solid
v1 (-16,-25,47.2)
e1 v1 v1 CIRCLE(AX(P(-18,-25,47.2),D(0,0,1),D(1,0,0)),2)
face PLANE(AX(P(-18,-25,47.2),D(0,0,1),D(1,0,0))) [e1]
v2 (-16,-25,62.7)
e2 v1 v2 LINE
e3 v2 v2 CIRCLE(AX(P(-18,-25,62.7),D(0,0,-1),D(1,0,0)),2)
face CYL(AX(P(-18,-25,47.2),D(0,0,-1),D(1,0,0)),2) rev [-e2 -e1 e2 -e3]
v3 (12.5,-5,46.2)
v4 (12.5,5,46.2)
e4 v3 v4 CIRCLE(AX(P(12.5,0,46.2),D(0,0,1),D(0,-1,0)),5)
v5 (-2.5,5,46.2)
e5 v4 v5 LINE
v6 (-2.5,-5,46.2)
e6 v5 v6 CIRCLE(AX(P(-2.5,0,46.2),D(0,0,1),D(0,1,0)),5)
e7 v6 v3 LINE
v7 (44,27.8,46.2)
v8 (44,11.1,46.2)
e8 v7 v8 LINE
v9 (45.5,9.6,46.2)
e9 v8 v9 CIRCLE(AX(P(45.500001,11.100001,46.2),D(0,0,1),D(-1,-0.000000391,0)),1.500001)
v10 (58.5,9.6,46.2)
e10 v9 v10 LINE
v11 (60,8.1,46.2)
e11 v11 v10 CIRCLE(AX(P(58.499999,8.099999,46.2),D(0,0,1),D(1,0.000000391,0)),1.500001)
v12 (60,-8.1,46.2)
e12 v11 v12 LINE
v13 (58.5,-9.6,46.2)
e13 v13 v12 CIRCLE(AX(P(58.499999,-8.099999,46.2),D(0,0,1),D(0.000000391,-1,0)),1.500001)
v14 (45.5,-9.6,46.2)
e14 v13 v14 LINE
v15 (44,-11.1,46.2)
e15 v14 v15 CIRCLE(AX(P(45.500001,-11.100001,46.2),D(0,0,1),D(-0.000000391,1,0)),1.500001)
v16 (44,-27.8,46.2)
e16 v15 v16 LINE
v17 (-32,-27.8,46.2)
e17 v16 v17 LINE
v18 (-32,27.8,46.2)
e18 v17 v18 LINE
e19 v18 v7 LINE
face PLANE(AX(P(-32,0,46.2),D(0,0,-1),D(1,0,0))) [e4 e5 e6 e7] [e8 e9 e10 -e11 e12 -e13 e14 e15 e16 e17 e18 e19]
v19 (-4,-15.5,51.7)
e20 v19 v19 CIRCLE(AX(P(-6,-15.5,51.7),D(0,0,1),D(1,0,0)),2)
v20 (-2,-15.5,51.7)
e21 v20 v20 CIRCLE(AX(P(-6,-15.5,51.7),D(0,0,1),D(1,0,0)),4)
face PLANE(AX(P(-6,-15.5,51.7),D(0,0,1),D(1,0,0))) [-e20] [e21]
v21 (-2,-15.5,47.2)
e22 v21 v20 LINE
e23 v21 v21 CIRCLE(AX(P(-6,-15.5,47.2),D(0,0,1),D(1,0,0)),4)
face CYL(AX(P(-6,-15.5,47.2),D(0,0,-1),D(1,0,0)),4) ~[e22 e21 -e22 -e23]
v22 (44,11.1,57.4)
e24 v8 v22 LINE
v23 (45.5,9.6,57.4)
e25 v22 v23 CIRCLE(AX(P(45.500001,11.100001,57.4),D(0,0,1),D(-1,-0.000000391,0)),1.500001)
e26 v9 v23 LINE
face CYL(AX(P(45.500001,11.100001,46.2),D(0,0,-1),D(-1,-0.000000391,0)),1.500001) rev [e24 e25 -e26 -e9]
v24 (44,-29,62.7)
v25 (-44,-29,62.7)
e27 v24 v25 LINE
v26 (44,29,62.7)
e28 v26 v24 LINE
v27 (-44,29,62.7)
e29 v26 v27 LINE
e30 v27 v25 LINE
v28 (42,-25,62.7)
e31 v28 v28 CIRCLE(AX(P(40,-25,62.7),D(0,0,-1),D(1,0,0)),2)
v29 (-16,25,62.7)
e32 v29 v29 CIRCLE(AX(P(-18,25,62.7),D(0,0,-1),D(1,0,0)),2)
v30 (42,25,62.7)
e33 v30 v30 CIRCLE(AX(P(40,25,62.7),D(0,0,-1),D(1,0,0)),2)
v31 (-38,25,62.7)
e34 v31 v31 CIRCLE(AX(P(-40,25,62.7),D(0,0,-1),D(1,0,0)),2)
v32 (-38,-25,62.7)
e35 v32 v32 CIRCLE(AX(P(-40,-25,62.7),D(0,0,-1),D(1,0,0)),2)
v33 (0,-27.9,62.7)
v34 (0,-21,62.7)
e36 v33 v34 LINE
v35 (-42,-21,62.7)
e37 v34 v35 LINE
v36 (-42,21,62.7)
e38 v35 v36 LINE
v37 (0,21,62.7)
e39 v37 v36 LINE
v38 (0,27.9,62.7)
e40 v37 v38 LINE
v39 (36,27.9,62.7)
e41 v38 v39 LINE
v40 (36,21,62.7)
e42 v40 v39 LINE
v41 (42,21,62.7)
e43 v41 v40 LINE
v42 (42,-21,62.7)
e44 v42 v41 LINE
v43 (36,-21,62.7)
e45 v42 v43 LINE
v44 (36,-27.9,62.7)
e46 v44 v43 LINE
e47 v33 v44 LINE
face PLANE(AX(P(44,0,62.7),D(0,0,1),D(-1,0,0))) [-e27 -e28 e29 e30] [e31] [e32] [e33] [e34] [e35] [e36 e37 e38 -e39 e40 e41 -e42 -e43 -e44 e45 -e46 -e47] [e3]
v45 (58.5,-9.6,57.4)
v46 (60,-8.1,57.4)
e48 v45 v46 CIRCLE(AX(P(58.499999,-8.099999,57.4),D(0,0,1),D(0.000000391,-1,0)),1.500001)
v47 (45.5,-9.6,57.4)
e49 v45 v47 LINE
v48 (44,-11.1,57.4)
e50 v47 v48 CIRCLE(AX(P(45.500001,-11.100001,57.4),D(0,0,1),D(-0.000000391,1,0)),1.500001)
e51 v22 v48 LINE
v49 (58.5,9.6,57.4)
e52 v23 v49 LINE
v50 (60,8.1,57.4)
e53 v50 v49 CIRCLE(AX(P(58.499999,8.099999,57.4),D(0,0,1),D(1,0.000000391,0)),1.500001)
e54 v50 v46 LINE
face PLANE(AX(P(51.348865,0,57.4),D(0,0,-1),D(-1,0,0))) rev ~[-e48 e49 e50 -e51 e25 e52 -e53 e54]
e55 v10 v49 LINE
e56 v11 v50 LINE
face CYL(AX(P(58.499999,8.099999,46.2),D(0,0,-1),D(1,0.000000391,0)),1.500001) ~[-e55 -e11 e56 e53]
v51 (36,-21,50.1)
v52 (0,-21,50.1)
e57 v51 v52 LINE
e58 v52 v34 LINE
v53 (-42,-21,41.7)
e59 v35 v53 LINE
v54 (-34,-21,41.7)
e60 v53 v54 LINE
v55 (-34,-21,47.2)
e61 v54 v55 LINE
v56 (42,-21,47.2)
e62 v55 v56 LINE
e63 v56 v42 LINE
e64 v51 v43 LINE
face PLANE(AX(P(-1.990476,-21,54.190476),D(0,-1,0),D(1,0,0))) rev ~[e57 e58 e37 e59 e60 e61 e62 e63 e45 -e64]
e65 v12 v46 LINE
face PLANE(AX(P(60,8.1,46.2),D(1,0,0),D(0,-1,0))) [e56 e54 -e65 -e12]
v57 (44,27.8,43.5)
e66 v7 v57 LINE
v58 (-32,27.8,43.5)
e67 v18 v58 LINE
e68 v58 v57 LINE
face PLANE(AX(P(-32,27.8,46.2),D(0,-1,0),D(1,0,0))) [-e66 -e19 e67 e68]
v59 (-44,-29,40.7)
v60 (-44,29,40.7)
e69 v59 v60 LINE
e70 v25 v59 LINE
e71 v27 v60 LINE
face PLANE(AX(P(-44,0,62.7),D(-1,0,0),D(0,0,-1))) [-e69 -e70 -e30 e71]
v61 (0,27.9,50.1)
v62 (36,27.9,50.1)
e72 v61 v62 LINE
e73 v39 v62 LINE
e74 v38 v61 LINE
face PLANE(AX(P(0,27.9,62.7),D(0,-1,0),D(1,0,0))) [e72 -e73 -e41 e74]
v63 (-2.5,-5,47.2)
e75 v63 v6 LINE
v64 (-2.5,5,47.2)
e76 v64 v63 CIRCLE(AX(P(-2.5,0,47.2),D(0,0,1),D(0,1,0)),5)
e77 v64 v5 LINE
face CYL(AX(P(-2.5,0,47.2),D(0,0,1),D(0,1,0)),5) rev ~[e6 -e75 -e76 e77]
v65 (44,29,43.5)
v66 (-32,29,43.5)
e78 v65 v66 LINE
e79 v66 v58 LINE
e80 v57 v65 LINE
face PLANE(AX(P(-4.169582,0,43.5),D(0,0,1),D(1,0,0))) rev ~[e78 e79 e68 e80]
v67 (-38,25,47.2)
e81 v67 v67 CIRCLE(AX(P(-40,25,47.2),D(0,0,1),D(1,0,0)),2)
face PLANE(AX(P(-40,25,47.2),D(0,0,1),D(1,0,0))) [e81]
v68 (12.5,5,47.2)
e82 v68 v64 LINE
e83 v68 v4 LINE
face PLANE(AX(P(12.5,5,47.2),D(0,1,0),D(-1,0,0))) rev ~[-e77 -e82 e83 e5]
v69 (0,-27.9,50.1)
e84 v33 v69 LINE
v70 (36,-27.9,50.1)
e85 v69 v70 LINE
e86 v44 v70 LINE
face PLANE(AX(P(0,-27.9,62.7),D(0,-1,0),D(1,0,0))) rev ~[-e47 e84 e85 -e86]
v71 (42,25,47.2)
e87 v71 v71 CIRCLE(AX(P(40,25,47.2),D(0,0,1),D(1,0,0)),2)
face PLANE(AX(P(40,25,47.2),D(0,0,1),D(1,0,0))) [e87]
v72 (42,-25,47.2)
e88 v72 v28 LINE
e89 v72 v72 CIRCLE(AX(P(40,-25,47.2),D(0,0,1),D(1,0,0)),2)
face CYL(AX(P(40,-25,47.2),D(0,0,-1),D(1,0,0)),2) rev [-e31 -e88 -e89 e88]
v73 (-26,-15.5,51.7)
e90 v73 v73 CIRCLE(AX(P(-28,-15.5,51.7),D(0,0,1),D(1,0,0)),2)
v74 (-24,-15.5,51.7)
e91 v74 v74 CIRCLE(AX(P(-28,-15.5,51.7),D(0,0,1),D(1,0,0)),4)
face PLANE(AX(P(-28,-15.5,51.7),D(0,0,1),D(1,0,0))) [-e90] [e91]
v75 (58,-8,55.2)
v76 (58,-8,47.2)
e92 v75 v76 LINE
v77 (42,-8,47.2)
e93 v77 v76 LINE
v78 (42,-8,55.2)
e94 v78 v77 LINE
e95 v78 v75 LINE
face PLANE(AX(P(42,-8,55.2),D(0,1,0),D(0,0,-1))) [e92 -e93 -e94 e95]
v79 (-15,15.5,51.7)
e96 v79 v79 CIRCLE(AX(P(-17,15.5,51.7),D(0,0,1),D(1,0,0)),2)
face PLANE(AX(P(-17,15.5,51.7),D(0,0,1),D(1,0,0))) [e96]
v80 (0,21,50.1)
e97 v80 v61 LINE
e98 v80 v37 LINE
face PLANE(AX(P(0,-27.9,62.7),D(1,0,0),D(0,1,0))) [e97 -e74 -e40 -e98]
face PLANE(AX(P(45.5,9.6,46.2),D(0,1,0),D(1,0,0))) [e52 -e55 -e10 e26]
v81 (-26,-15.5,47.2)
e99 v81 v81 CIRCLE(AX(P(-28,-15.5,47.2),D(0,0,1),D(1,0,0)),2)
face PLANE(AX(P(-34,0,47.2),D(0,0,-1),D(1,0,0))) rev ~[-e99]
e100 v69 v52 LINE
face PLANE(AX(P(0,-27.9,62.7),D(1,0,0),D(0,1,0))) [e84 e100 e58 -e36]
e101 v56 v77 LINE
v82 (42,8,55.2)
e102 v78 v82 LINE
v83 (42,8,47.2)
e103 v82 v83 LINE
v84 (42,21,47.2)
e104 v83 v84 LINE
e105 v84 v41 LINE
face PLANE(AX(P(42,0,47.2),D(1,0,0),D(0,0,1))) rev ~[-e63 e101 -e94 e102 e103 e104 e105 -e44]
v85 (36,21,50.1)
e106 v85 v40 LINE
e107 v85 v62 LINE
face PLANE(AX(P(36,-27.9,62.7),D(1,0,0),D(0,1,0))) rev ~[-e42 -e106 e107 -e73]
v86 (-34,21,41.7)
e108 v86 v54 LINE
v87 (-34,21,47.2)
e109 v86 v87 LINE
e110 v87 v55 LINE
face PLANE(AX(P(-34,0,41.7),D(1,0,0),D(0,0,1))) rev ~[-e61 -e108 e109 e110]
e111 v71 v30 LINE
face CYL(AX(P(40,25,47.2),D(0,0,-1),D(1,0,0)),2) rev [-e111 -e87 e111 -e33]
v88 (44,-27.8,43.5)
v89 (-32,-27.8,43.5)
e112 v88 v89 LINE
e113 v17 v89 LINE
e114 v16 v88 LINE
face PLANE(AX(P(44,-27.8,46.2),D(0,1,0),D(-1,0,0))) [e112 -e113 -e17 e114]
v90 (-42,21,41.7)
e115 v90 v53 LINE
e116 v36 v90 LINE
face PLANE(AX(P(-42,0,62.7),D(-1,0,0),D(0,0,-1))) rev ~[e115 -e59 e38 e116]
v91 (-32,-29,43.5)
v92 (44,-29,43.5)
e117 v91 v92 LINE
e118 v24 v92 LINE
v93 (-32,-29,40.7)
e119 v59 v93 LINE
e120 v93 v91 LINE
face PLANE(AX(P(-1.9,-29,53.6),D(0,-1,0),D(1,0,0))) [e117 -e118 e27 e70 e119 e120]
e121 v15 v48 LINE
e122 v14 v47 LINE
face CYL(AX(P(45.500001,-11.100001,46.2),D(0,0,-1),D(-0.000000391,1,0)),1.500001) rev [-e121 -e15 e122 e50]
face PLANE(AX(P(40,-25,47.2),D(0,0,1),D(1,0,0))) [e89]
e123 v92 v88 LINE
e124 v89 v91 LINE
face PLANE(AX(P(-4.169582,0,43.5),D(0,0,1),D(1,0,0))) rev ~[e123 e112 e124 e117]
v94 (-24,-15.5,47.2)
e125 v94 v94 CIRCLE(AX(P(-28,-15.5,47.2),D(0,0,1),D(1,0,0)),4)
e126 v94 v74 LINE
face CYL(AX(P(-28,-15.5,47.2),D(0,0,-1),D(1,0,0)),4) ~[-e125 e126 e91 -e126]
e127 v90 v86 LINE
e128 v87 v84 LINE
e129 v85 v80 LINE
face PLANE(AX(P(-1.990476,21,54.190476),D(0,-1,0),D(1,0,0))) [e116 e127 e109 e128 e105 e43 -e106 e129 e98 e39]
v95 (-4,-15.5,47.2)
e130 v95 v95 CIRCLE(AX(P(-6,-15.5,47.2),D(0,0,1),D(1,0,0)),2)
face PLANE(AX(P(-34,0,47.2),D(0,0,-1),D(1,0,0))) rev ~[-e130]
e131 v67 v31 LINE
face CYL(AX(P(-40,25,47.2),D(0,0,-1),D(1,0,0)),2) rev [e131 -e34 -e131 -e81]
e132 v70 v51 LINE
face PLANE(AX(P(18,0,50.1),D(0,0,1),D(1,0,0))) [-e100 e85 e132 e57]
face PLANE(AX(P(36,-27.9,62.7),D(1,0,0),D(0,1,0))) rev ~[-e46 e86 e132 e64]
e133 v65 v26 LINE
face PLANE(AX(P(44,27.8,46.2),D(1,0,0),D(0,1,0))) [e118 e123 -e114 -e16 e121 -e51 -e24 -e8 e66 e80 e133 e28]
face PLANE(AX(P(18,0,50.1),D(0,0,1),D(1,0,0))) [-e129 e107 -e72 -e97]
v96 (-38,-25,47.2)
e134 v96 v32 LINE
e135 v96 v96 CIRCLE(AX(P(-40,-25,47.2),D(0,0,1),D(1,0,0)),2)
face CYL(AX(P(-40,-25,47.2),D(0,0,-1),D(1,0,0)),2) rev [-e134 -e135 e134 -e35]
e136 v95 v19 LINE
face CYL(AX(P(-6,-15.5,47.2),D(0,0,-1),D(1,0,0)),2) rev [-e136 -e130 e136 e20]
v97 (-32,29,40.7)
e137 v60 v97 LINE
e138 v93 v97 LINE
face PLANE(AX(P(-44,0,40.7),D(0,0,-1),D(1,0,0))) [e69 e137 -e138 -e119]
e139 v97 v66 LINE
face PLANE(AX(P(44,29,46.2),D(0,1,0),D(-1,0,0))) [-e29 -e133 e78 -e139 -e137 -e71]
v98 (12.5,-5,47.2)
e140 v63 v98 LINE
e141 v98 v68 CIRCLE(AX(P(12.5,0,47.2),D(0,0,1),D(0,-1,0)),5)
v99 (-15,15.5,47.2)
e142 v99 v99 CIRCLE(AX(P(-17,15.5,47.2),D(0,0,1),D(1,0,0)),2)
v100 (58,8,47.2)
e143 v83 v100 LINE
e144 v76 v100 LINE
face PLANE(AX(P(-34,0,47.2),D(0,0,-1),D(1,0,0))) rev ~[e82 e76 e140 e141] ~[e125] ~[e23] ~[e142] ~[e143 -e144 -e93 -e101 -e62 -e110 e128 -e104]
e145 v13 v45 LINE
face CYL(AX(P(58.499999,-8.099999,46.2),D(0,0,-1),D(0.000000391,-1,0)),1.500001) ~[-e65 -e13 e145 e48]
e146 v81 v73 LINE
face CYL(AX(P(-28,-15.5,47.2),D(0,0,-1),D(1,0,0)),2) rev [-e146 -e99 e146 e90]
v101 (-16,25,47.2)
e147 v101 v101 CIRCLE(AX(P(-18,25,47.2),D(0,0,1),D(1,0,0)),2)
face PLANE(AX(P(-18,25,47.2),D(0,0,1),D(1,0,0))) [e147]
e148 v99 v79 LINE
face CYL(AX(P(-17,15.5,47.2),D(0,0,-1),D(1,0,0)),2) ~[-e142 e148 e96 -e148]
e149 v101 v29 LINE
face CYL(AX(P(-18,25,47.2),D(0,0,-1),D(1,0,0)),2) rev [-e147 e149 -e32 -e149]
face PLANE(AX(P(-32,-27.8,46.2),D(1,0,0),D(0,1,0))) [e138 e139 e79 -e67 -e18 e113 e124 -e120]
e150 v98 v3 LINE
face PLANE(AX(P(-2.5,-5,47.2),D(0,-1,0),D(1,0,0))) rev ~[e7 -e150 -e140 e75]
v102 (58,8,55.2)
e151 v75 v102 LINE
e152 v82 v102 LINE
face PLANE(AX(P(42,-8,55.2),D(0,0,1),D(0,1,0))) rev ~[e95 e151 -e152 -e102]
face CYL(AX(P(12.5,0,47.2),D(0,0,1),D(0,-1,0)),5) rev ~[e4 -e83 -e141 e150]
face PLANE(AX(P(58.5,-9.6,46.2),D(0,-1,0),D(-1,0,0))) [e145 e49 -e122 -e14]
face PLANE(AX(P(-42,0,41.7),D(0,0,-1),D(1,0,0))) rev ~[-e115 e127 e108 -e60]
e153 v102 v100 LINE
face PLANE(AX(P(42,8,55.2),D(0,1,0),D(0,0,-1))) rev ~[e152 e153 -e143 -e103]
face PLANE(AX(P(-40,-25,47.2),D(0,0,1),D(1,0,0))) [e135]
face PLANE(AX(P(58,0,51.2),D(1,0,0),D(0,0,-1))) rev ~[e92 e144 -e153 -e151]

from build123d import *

# Parameters (mm, degrees)
PAD_DEPTH       = 29
POCKET_DEPTH    = 21
SKETCH003_R     = 2
SKETCH003_R_2   = 4
PAD002_DEPTH    = 4.5
SKETCH007_R     = 2
POCKET002_DEPTH = 16.5
SKETCH008_W     = 36
SKETCH008_H     = 55.8
POCKET003_DEPTH = 12.6
POCKET004_DEPTH = 1
PAD005_DEPTH    = 11.2
SKETCH011_W     = 8
SKETCH011_H     = 16
POCKET005_DEPTH = 16
PAD013_DEPTH    = 2.7


with BuildPart() as part:
    # Sketch → Pad (new body, symmetric)
    with BuildSketch(Plane.XZ):
        Polygon((-32, 0), (44, 0), (44, 16.5), (-44, 16.5), (-44, -5.5), (-32, -5.5), align=None)
    extrude(amount=PAD_DEPTH, both=True)

    # Sketch002 → Pocket (cut, symmetric)
    with BuildSketch(Plane.XZ):
        Polygon((-42, 16.5), (-42, -4.5), (-34, -4.5), (-34, 1), (42, 1), (42, 16.5), align=None)
    extrude(amount=POCKET_DEPTH, both=True, mode=Mode.SUBTRACT)

    # Sketch003 (on DatumPlane) → Pad002 (join)
    with BuildSketch(Plane.XY.offset(1)):
        with Locations((-17, 15.5)):
            Circle(SKETCH003_R)
        with Locations((-6, -15.5)):
            Circle(SKETCH003_R_2)
        with Locations((-6, -15.5)):
            Circle(SKETCH003_R, mode=Mode.SUBTRACT)
        with Locations((-28, -15.5)):
            Circle(SKETCH003_R_2)
        with Locations((-28, -15.5)):
            Circle(SKETCH003_R, mode=Mode.SUBTRACT)
    extrude(amount=PAD002_DEPTH)

    # Sketch007 (on DatumPlane) → Pocket002 (cut)
    with BuildSketch(Plane.XY.offset(1)):
        with Locations((-40, 25)):
            Circle(SKETCH007_R)
        with Locations((-18, 25)):
            Circle(SKETCH007_R)
        with Locations((40, 25)):
            Circle(SKETCH007_R)
        with Locations((40, -25)):
            Circle(SKETCH007_R)
        with Locations((-40, -25)):
            Circle(SKETCH007_R)
        with Locations((-18, -25)):
            Circle(SKETCH007_R)
    extrude(amount=POCKET002_DEPTH, mode=Mode.SUBTRACT)

    # Sketch008 (on DatumPlane) → Pocket003 (cut)
    with BuildSketch(Plane.XY.offset(16.5)):
        with Locations((18, 0)):
            Rectangle(SKETCH008_W, SKETCH008_H)
    extrude(amount=-POCKET003_DEPTH, mode=Mode.SUBTRACT)

    # Sketch009 (on DatumPlane) → Pocket004 (cut)
    with BuildSketch(Plane.XY.offset(1)):
        with BuildLine():
            ThreePointArc((-2.5, 5), (-7.5, 0), (-2.5, -5))
            Line((-2.5, -5), (12.5, -5))
            ThreePointArc((12.5, -5), (17.5, 0), (12.5, 5))
            Line((12.5, 5), (-2.5, 5))
        make_face()
    extrude(amount=-POCKET004_DEPTH, mode=Mode.SUBTRACT)

    # Sketch010 → Pad005 (join)
    with BuildSketch(Plane.XY):
        with BuildLine():
            Line((45.5, 9.6), (58.5, 9.6))
            ThreePointArc((60, 8.1), (59.56066, 9.16066), (58.5, 9.6))
            Line((60, 8.1), (60, -8.1))
            ThreePointArc((58.5, -9.6), (59.56066, -9.16066), (60, -8.1))
            Line((58.5, -9.6), (45.5, -9.6))
            ThreePointArc((45.5, -9.6), (44.43934, -10.03934), (44, -11.1))
            Line((44, 11.1), (44, -11.1))
            ThreePointArc((44, 11.1), (44.43934, 10.03934), (45.5, 9.6))
        make_face()
    extrude(amount=PAD005_DEPTH)

    # Sketch011 (on DatumPlane) → Pocket005 (cut)
    with BuildSketch(Plane(origin=(42, 0, 0), x_dir=(0, 0, -1), z_dir=(1, 0, 0))):
        with Locations((-5, 0)):
            Rectangle(SKETCH011_W, SKETCH011_H)
    extrude(amount=POCKET005_DEPTH, mode=Mode.SUBTRACT)

    # Sketch019 → Pad013 (join)
    with BuildSketch(Plane.XY):
        Polygon((-32, 27.8), (44, 27.8), (44, 29), (-32.4, 29), (-32.4, -29), (44, -29), (44, -27.8), (-32, -27.8), align=None)
    extrude(amount=-PAD013_DEPTH)


with BuildPart() as part_1:
    # Body placement: moved
    add(part.part.moved(Location((0, 0, 46.2))))


solid = part_1.part
